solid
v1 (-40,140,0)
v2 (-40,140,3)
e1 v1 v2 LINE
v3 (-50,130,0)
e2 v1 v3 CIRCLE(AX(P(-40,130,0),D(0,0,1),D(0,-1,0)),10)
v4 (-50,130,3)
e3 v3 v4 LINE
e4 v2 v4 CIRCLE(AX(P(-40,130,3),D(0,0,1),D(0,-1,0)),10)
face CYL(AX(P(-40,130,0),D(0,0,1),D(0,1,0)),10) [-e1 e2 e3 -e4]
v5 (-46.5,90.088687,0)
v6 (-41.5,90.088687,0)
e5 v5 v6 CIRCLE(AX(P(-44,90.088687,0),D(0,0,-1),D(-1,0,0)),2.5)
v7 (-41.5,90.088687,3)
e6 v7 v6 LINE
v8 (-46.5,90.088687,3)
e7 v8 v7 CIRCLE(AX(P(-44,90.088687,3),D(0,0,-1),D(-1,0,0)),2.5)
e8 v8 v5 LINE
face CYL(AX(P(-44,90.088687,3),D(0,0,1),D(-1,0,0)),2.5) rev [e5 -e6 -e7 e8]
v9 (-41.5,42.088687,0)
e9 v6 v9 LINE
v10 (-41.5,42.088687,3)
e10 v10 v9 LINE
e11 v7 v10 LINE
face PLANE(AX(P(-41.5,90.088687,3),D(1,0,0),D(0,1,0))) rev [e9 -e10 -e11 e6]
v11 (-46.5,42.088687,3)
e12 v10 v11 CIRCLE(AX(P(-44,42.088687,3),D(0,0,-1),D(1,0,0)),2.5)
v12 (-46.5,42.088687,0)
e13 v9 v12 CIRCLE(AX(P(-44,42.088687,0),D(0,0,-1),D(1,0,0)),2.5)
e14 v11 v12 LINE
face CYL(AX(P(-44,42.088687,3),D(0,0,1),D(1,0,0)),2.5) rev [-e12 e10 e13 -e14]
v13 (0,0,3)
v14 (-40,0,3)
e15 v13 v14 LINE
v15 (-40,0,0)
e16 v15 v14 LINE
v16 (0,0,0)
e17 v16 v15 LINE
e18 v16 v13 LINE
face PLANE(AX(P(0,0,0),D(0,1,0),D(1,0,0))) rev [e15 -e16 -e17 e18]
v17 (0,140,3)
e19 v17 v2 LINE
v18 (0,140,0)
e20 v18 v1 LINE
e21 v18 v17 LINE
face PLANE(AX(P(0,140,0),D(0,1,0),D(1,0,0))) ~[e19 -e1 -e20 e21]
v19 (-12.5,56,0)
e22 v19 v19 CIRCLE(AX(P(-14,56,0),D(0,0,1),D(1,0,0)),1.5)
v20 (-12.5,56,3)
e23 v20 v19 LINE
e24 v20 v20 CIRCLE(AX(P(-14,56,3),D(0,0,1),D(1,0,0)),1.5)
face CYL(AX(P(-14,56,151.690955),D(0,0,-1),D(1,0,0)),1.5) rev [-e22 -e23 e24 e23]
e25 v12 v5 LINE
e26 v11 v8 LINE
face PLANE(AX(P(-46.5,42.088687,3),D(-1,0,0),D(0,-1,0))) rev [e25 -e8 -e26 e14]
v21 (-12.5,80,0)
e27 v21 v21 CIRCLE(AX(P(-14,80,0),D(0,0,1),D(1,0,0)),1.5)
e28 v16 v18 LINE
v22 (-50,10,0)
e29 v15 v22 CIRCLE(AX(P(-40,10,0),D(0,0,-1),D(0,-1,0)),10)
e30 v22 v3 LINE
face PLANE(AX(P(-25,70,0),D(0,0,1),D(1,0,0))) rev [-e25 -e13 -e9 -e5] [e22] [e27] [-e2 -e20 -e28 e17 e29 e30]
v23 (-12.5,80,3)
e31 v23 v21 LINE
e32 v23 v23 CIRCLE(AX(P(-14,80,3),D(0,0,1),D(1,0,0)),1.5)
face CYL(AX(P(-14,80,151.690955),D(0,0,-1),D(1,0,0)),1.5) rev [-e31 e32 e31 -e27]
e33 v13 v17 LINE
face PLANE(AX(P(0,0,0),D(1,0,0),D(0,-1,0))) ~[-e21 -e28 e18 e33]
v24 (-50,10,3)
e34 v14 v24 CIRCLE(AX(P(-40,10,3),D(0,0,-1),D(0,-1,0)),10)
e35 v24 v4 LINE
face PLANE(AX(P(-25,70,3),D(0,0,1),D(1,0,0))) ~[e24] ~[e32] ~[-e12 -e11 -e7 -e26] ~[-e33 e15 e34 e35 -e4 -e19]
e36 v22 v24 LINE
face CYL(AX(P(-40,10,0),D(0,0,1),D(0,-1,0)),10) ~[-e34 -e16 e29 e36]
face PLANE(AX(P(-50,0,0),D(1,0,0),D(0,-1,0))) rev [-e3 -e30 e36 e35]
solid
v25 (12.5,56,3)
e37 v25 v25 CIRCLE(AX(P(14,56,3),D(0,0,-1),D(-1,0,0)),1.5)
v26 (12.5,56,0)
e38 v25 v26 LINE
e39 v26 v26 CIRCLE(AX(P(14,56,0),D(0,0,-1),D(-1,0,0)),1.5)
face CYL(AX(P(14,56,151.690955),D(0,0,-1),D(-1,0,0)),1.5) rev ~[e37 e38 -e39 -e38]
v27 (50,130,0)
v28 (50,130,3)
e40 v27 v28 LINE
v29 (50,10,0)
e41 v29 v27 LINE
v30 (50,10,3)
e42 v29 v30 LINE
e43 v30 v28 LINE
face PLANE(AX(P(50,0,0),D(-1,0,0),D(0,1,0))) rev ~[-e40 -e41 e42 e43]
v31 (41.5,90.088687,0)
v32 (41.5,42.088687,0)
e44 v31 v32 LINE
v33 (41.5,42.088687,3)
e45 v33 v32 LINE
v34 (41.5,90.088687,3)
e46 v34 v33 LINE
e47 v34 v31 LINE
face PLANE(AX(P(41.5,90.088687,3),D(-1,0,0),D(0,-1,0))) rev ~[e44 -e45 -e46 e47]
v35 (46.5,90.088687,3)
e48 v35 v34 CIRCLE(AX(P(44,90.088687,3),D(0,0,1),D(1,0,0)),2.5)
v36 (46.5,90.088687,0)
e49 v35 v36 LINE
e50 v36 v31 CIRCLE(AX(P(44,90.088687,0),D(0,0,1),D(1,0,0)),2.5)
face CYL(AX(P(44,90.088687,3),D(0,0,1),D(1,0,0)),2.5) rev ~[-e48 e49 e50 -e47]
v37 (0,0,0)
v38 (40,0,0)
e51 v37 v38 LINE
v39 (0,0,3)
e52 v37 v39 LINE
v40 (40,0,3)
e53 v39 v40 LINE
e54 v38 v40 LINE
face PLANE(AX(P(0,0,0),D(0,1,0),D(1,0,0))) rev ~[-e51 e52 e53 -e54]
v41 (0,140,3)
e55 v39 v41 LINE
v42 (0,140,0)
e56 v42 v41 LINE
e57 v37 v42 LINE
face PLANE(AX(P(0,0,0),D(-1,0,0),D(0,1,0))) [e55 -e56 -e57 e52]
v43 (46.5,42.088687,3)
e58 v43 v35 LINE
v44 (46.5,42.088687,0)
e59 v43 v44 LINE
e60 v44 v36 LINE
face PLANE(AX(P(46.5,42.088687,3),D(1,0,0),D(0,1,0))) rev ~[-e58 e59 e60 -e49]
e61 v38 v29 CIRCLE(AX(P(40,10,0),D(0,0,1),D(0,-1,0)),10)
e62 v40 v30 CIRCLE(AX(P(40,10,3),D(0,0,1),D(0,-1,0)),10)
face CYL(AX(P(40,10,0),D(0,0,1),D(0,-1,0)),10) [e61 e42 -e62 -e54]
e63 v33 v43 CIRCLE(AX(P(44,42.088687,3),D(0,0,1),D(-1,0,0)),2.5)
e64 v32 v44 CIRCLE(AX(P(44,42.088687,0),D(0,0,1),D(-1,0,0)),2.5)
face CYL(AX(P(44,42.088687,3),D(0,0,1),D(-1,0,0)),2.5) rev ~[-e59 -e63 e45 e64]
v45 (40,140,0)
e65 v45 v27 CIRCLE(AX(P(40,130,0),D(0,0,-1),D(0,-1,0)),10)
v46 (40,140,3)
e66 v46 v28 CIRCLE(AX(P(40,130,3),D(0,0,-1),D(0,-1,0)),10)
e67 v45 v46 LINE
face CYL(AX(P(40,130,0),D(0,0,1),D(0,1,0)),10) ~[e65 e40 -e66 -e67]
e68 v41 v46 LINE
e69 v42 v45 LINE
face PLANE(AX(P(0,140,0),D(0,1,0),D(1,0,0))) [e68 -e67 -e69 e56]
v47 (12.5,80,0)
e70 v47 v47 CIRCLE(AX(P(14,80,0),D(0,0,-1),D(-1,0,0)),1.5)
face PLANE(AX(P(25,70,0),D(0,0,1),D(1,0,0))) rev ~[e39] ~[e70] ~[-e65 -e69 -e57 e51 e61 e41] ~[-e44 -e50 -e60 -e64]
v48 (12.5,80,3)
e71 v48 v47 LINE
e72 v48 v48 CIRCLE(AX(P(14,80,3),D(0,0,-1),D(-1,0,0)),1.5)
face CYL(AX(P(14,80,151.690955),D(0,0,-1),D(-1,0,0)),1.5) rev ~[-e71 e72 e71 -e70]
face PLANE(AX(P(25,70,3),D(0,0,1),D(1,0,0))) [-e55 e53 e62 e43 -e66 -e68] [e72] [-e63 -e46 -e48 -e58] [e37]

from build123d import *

# Parameters (mm, degrees)
F1_W     = 50
F1_H     = 140
F2_DEPTH = 3
F4_D     = 3
F7_DEPTH = 40.836263
F8_R     = 10


with BuildPart() as f2:
    # F1 (on face) → F2 (new body)
    with BuildSketch(Plane.XY):
        with Locations((25, 70)):
            Rectangle(F1_W, F1_H)
    extrude(amount=F2_DEPTH)

    # F4 (through all)
    with Locations(Plane.XY.offset(3)):
        with Locations((14, 80), (14, 56)):
            Hole(F4_D / 2)

    # F6 (on face) → F7 (cut)
    with BuildSketch(Plane.XY.offset(3)):
        with BuildLine():
            ThreePointArc((46.5, 90.088687), (44, 92.588687), (41.5, 90.088687))
            Line((41.5, 90.088687), (41.5, 42.088687))
            ThreePointArc((41.5, 42.088687), (44, 39.588687), (46.5, 42.088687))
            Line((46.5, 42.088687), (46.5, 90.088687))
        make_face()
    extrude(amount=-F7_DEPTH, mode=Mode.SUBTRACT)

    # F8
    f8_edges = [f2.edges().sort_by_distance(p)[0] for p in [
        (50, 140, 1.5),
        (50, 0, 1.5),
    ]]
    fillet(f8_edges, radius=F8_R)


with BuildPart() as f9_1:
    # F9: instance of F2
    add(f2.part.mirror(Plane.YZ))


solid = Compound([f2.part, f9_1.part])
